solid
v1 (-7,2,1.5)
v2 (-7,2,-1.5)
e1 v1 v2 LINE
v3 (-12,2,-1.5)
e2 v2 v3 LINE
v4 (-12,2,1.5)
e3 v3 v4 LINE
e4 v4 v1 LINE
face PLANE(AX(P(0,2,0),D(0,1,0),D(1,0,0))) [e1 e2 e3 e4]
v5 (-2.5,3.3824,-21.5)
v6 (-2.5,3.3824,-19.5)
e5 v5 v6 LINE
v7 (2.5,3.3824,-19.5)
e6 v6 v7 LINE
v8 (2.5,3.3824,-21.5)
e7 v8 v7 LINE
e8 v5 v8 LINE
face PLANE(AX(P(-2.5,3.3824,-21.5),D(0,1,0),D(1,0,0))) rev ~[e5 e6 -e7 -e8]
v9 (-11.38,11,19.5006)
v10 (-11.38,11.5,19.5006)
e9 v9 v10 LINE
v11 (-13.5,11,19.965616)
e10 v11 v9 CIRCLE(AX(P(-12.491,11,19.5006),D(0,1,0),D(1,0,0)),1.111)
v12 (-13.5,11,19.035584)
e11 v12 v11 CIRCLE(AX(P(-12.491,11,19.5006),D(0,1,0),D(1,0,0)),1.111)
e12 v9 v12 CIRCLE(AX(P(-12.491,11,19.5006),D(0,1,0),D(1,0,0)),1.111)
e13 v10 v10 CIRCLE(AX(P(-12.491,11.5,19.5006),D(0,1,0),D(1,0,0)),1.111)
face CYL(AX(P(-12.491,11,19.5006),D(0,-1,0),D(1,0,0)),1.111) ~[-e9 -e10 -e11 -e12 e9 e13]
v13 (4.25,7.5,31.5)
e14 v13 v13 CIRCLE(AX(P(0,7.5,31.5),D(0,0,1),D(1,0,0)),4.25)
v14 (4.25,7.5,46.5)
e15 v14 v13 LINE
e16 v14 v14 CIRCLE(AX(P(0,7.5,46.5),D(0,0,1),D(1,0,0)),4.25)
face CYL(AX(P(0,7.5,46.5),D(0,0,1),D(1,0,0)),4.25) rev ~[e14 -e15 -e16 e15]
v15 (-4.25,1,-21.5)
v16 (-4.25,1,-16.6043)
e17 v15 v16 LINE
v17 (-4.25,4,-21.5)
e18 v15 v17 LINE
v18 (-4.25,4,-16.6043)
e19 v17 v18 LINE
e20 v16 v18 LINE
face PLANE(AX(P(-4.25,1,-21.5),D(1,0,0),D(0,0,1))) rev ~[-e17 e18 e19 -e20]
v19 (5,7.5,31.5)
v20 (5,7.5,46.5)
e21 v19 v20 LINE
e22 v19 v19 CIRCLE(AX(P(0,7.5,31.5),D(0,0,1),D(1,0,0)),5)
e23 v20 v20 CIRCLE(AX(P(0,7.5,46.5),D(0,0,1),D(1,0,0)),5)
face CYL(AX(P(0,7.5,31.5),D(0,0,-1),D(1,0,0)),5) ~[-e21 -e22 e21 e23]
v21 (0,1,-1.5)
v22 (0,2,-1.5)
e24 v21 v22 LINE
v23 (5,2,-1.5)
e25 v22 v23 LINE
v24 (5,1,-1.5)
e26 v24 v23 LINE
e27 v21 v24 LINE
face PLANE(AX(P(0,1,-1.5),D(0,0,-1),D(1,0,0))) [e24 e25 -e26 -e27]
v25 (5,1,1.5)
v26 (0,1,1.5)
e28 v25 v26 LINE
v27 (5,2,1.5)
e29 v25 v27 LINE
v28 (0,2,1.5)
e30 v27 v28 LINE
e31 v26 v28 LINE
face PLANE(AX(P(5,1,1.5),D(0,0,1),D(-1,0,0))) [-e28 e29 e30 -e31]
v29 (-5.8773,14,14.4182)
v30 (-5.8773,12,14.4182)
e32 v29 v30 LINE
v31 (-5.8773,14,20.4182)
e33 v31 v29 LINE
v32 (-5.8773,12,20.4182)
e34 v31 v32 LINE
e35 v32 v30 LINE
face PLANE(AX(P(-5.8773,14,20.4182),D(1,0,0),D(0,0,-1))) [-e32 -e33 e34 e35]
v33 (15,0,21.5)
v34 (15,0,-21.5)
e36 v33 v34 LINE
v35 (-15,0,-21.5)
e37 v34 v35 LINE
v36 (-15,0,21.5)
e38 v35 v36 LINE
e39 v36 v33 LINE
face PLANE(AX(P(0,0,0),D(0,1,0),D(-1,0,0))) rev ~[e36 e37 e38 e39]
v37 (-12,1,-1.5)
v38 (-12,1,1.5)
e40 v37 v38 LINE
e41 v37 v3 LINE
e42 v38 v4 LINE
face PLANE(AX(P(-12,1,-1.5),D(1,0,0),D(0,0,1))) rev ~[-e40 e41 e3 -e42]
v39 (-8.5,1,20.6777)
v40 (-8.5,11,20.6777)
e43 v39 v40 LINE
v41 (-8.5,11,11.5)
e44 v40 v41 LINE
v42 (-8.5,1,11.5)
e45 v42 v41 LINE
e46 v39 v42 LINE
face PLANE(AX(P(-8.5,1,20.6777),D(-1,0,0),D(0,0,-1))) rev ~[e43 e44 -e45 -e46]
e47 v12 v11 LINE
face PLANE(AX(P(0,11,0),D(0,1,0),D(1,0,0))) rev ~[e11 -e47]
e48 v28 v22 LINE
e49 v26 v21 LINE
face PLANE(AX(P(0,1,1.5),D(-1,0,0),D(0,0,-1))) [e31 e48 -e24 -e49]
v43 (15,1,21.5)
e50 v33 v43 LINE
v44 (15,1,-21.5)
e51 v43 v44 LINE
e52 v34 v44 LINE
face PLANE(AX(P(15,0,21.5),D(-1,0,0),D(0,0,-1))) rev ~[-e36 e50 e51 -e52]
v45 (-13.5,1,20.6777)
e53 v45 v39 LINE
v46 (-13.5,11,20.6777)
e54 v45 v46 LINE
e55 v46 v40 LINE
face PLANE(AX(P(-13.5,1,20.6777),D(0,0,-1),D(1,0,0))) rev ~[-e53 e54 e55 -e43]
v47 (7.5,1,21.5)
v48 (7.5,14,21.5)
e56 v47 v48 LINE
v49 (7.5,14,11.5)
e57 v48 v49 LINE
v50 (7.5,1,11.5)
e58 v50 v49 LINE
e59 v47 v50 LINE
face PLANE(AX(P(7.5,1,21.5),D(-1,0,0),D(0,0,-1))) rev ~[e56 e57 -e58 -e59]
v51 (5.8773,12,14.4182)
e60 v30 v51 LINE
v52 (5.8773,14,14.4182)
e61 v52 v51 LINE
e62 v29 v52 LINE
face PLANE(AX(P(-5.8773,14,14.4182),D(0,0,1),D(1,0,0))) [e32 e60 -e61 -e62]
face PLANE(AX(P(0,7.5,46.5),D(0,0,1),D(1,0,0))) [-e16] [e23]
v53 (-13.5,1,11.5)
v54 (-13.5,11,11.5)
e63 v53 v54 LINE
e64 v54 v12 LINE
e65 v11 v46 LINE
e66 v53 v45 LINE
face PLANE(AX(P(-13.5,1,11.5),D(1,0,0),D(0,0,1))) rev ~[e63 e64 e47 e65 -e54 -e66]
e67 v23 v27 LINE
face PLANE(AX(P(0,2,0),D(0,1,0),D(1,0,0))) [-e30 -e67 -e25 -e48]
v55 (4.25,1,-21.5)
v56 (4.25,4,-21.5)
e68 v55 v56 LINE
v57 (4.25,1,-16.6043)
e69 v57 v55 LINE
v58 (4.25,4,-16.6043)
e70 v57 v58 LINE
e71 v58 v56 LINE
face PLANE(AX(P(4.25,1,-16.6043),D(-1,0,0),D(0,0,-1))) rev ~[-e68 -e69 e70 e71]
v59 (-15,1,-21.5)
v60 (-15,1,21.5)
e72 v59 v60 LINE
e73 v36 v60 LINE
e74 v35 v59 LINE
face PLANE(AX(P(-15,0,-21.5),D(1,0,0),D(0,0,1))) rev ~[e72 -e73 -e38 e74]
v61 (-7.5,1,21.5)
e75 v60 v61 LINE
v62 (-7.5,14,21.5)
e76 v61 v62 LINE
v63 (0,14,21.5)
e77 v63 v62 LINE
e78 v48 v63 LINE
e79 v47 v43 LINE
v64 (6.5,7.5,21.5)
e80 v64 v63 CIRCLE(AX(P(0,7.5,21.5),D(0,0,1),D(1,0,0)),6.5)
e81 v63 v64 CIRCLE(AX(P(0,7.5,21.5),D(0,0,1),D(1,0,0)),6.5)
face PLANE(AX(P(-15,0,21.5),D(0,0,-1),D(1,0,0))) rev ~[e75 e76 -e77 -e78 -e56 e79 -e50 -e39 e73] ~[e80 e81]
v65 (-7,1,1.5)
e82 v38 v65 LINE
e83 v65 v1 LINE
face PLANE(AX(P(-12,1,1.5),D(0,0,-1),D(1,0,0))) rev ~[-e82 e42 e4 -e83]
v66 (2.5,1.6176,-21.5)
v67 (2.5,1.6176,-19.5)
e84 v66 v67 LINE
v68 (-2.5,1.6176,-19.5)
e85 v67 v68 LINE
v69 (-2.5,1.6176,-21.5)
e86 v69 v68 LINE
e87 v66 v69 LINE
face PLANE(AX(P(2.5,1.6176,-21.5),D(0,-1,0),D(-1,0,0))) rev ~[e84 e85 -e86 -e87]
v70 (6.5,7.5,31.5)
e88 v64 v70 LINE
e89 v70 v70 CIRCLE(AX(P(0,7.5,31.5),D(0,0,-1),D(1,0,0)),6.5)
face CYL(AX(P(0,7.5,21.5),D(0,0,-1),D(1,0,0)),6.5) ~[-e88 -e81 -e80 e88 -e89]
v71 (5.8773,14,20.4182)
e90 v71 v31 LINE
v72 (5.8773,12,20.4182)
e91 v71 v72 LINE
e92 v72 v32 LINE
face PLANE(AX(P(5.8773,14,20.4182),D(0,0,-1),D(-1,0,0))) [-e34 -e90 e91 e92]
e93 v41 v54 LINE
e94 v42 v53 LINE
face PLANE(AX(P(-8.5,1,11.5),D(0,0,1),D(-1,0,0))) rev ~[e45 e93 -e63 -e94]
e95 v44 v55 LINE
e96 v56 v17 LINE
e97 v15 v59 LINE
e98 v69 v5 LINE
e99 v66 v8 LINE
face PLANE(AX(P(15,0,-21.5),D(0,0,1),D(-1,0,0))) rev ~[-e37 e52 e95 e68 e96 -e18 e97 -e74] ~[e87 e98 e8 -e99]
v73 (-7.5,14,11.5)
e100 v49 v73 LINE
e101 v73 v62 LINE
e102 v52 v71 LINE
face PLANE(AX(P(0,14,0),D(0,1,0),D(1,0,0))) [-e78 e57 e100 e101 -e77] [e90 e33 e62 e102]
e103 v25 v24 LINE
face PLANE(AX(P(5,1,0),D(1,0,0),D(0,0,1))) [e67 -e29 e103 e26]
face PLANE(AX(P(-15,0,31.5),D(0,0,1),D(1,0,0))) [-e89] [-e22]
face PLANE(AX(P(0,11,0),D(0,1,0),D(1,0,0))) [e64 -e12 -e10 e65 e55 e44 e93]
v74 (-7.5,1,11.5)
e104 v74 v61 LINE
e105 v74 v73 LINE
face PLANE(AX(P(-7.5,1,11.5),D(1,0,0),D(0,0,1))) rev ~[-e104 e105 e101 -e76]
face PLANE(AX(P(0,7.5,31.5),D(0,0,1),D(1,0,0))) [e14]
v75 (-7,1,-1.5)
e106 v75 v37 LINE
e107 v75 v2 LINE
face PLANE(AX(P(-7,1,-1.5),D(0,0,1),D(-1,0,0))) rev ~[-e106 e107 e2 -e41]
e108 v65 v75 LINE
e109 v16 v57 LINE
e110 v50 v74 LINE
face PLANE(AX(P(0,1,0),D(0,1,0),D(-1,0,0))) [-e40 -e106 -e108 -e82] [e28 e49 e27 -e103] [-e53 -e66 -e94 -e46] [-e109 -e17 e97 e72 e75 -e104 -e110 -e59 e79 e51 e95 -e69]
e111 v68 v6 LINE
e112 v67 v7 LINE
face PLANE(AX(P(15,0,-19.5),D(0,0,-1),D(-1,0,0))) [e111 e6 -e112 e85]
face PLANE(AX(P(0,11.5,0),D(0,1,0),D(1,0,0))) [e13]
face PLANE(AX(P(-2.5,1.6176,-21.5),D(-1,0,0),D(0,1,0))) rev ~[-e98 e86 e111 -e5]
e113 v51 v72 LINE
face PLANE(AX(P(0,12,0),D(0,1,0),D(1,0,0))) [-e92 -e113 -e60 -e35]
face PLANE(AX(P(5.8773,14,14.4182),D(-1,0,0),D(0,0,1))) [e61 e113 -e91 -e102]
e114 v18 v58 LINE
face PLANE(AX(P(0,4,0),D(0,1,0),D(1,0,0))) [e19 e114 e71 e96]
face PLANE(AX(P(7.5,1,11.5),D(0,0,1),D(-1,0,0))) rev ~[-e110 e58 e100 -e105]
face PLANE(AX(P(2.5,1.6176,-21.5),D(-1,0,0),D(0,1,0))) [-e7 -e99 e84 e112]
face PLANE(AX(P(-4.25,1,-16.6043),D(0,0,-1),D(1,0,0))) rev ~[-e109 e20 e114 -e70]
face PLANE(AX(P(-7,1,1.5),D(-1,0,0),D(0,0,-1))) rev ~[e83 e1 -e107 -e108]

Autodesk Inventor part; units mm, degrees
ref_plane "YZ Plane" through (0, 0, 0) normal (1, 0, 0) x (0, 1, 0)
ref_plane "XZ Plane" through (0, 0, 0) normal (0, 1, 0) x (-1, 0, 0)
ref_plane "XY Plane" through (0, 0, 0) normal (0, 0, 1) x (1, 0, 0)
sketch "Sketch1" plane through (0, 0, 0) normal (0, 1, 0) x (-1, 0, 0)
  line L0 (-15, 21.5) -> (-15, -21.5)
  line L1 (-15, -21.5) -> (15, -21.5)
  line L2 (15, -21.5) -> (15, 21.5)
  line L3 (15, 21.5) -> (-15, 21.5)
  line L4 (-15, 21.5) -> (15, -21.5) construction
  line L5 (-15, -21.5) -> (15, 21.5) construction
  point P0 (0, 0)
  dimension "d0" = 43
  dimension "d1" = 30
extrude "Extrusion1" add sketch "Sketch1" along normal blind 1
sketch "Sketch2" plane through (0, 1, 0) normal (0, 1, 0) x (1, 0, 0)
  line L0 (4.25, 16.6043) -> (4.25, 21.5)
  line L1 (4.25, 21.5) -> (-4.25, 21.5)
  line L2 (-4.25, 21.5) -> (-4.25, 16.6043)
  line L3 (-4.25, 16.6043) -> (4.25, 16.6043)
  line L4 (4.25, 16.6043) -> (-4.25, 21.5) construction
  line L5 (4.25, 21.5) -> (-4.25, 16.6043) construction
  line L6 (-15, 21.5) -> (-15, -21.5) construction
  line L7 (-15, 0) -> (-12, 0) construction
  line L8 (-12, 0) -> (-12, -1.5) construction
  line L9 (-12, -1.5) -> (-7, -1.5) construction
  line L10 (-7, -1.5) -> (-7, 1.5) construction
  line L11 (-12, -1.5) -> (-7, -1.5)
  line L12 (-7, -1.5) -> (-7, 1.5)
  line L13 (-7, 1.5) -> (-12, 1.5)
  line L14 (-12, 1.5) -> (-12, -1.5)
  line L15 (15, -21.5) -> (15, 21.5) projected
  line L16 (15, 0) -> (5, 0) construction
  line L17 (5, 0) -> (5, -1.5)
  line L18 (5, -1.5) -> (0, -1.5)
  line L19 (0, -1.5) -> (0, 1.5)
  line L20 (0, 1.5) -> (5, 1.5)
  line L21 (5, 1.5) -> (5, 0)
  line L22 (0, -21.5) -> (7.5, -21.5)
  line L23 (-15, -21.5) -> (15, -21.5) projected
  line L24 (7.5, -21.5) -> (7.5, -11.5)
  line L25 (7.5, -11.5) -> (-7.5, -11.5)
  line L26 (-7.5, -11.5) -> (-7.5, -21.5)
  line L27 (-7.5, -21.5) -> (7.5, -21.5)
  line L28 (-7.5, -11.5) -> (-8.5, -11.5) construction
  line L29 (-8.5, -11.5) -> (-13.5, -11.5)
  line L30 (-13.5, -11.5) -> (-13.5, -20.6777)
  line L31 (-13.5, -20.6777) -> (-8.5, -20.6777)
  line L32 (-8.5, -20.6777) -> (-8.5, -11.5)
  point P0 (0, 0)
  point P1 (0, 19.0521)
  dimension "d4" = 8.5
  dimension "d5" = 3
  dimension "d6" = 1.5
  dimension "d7" = 5
  dimension "d8" = 3
  dimension "d9" = 10
  dimension "d10" = 1.5
  dimension "d11" = 5
  dimension "d12" = 3
  dimension "d13" = 5
  dimension "d14" = 7.5
  dimension "d15" = 10
  dimension "d16" = 15
  dimension "d17" = 1
extrude "Extrusion2" add sketch "Sketch2" along normal blind 1 contours L14 L13 L12 L11 | L17 L18 L19 L20 L21
extrude "Extrusion3" add sketch "Sketch2" along normal blind 3 contours L3 L2 L1 L0
extrude "Extrusion4" add sketch "Sketch2" along normal blind 13 contours L23 L26 L25 L24 L22
extrude "Extrusion5" add sketch "Sketch2" along normal blind 10 contours L32 L31 L30 L29
sketch "Sketch3" plane through (0, 11, 0) normal (0, 1, 0) x (1, 0, 0)
  circle A0 centre (-12.491, -19.5006) radius 1.111
  point P0 (0, 0)
extrude "Extrusion6" add sketch "Sketch3" along normal blind 0.5
sketch "Sketch4" plane through (0, 14, 0) normal (0, 1, 0) x (1, 0, 0)
  line L0 (7.5, -11.5) -> (7.5, -21.5) construction
  line L1 (7.5, -11.5) -> (-7.5, -11.5) construction
  line L2 (7.5, -21.5) -> (-7.5, -11.5) construction
  line L3 (-7.5, -11.5) -> (-7.5, -21.5) construction
  line L4 (-15, -21.5) -> (15, -21.5) construction
  line L5 (-7.5, -21.5) -> (7.5, -11.5) construction
  line L6 (5.8773, -20.4182) -> (-5.8773, -20.4182) construction
  line L7 (-5.8773, -20.4182) -> (-5.8773, -14.4182) construction
  line L8 (-5.8773, -14.4182) -> (5.8773, -14.4182) construction
  line L9 (5.8773, -14.4182) -> (5.8773, -20.4182) construction
  line L10 (5.8773, -20.4182) -> (-5.8773, -20.4182)
  line L11 (-5.8773, -20.4182) -> (-5.8773, -14.4182)
  line L12 (-5.8773, -14.4182) -> (5.8773, -14.4182)
  line L13 (5.8773, -14.4182) -> (5.8773, -20.4182)
  point P0 (0, 0)
  dimension "d28" = 6
extrude "Extrusion7" cut sketch "Sketch4" against normal blind 2
sketch "Sketch5" plane through (15, 0, -21.5) normal (0, 0, -1) x (-1, 0, 0)
  line L0 (10.75, 1) -> (10.75, 4) projected
  line L1 (19.25, 1) -> (19.25, 4) projected
  line L2 (10.75, 1) -> (19.25, 1)
  line L3 (10.75, 1) -> (19.25, 4) construction
  line L4 (19.25, 1) -> (10.75, 4) construction
  line L5 (12.5, 1.6176) -> (12.5, 3.3824)
  line L6 (12.5, 1.6176) -> (17.5, 1.6176)
  line L7 (17.5, 1.6176) -> (17.5, 3.3824)
  line L8 (17.5, 3.3824) -> (12.5, 3.3824)
  point P0 (15, 0)
extrude "Extrusion8" cut sketch "Sketch5" against normal blind 2
sketch "Sketch6" plane through (-15, 0, 21.5) normal (0, 0, 1) x (1, 0, 0)
  line L0 (0, 0) -> (30, 0) projected
  line L1 (30, 0) -> (30, 1) projected
  line L2 (22.5, 1) -> (30, 1) projected
  line L3 (22.5, 1) -> (22.5, 14) projected
  line L4 (7.5, 14) -> (22.5, 14) projected
  line L5 (7.5, 1) -> (7.5, 14) projected
  line L6 (0, 1) -> (7.5, 1) projected
  line L7 (0, 0) -> (0, 1) projected
  circle A0 centre (15, 7.5) radius 6.5
  point P0 (15, 0)
extrude "Extrusion9" add sketch "Sketch6" along normal blind 10 contours A0
sketch "Sketch7" plane through (0, 7.5, 31.5) normal (0, 0, 1) x (1, 0, 0)
  circle A0 centre (0, 0) radius 5
  point P0 (0, -7.5)
  dimension "d35" = 10
extrude "Extrusion10" add sketch "Sketch7" along normal blind 15
thread "Thread1" size "M14x2" class "6g" standard "ANSI Metric M Profile" full length
sketch "Sketch8" plane through (0, 7.5, 46.5) normal (0, 0, 1) x (1, 0, 0)
  circle A0 centre (0, 0) radius 5 projected
  circle A1 centre (0, 0) radius 4.25
  point P0 (0, -7.5)
  dimension "d40" = 0.75
extrude "Extrusion11" cut sketch "Sketch8" against normal blind 15 contours A1
properties part number "Ph Reader"
